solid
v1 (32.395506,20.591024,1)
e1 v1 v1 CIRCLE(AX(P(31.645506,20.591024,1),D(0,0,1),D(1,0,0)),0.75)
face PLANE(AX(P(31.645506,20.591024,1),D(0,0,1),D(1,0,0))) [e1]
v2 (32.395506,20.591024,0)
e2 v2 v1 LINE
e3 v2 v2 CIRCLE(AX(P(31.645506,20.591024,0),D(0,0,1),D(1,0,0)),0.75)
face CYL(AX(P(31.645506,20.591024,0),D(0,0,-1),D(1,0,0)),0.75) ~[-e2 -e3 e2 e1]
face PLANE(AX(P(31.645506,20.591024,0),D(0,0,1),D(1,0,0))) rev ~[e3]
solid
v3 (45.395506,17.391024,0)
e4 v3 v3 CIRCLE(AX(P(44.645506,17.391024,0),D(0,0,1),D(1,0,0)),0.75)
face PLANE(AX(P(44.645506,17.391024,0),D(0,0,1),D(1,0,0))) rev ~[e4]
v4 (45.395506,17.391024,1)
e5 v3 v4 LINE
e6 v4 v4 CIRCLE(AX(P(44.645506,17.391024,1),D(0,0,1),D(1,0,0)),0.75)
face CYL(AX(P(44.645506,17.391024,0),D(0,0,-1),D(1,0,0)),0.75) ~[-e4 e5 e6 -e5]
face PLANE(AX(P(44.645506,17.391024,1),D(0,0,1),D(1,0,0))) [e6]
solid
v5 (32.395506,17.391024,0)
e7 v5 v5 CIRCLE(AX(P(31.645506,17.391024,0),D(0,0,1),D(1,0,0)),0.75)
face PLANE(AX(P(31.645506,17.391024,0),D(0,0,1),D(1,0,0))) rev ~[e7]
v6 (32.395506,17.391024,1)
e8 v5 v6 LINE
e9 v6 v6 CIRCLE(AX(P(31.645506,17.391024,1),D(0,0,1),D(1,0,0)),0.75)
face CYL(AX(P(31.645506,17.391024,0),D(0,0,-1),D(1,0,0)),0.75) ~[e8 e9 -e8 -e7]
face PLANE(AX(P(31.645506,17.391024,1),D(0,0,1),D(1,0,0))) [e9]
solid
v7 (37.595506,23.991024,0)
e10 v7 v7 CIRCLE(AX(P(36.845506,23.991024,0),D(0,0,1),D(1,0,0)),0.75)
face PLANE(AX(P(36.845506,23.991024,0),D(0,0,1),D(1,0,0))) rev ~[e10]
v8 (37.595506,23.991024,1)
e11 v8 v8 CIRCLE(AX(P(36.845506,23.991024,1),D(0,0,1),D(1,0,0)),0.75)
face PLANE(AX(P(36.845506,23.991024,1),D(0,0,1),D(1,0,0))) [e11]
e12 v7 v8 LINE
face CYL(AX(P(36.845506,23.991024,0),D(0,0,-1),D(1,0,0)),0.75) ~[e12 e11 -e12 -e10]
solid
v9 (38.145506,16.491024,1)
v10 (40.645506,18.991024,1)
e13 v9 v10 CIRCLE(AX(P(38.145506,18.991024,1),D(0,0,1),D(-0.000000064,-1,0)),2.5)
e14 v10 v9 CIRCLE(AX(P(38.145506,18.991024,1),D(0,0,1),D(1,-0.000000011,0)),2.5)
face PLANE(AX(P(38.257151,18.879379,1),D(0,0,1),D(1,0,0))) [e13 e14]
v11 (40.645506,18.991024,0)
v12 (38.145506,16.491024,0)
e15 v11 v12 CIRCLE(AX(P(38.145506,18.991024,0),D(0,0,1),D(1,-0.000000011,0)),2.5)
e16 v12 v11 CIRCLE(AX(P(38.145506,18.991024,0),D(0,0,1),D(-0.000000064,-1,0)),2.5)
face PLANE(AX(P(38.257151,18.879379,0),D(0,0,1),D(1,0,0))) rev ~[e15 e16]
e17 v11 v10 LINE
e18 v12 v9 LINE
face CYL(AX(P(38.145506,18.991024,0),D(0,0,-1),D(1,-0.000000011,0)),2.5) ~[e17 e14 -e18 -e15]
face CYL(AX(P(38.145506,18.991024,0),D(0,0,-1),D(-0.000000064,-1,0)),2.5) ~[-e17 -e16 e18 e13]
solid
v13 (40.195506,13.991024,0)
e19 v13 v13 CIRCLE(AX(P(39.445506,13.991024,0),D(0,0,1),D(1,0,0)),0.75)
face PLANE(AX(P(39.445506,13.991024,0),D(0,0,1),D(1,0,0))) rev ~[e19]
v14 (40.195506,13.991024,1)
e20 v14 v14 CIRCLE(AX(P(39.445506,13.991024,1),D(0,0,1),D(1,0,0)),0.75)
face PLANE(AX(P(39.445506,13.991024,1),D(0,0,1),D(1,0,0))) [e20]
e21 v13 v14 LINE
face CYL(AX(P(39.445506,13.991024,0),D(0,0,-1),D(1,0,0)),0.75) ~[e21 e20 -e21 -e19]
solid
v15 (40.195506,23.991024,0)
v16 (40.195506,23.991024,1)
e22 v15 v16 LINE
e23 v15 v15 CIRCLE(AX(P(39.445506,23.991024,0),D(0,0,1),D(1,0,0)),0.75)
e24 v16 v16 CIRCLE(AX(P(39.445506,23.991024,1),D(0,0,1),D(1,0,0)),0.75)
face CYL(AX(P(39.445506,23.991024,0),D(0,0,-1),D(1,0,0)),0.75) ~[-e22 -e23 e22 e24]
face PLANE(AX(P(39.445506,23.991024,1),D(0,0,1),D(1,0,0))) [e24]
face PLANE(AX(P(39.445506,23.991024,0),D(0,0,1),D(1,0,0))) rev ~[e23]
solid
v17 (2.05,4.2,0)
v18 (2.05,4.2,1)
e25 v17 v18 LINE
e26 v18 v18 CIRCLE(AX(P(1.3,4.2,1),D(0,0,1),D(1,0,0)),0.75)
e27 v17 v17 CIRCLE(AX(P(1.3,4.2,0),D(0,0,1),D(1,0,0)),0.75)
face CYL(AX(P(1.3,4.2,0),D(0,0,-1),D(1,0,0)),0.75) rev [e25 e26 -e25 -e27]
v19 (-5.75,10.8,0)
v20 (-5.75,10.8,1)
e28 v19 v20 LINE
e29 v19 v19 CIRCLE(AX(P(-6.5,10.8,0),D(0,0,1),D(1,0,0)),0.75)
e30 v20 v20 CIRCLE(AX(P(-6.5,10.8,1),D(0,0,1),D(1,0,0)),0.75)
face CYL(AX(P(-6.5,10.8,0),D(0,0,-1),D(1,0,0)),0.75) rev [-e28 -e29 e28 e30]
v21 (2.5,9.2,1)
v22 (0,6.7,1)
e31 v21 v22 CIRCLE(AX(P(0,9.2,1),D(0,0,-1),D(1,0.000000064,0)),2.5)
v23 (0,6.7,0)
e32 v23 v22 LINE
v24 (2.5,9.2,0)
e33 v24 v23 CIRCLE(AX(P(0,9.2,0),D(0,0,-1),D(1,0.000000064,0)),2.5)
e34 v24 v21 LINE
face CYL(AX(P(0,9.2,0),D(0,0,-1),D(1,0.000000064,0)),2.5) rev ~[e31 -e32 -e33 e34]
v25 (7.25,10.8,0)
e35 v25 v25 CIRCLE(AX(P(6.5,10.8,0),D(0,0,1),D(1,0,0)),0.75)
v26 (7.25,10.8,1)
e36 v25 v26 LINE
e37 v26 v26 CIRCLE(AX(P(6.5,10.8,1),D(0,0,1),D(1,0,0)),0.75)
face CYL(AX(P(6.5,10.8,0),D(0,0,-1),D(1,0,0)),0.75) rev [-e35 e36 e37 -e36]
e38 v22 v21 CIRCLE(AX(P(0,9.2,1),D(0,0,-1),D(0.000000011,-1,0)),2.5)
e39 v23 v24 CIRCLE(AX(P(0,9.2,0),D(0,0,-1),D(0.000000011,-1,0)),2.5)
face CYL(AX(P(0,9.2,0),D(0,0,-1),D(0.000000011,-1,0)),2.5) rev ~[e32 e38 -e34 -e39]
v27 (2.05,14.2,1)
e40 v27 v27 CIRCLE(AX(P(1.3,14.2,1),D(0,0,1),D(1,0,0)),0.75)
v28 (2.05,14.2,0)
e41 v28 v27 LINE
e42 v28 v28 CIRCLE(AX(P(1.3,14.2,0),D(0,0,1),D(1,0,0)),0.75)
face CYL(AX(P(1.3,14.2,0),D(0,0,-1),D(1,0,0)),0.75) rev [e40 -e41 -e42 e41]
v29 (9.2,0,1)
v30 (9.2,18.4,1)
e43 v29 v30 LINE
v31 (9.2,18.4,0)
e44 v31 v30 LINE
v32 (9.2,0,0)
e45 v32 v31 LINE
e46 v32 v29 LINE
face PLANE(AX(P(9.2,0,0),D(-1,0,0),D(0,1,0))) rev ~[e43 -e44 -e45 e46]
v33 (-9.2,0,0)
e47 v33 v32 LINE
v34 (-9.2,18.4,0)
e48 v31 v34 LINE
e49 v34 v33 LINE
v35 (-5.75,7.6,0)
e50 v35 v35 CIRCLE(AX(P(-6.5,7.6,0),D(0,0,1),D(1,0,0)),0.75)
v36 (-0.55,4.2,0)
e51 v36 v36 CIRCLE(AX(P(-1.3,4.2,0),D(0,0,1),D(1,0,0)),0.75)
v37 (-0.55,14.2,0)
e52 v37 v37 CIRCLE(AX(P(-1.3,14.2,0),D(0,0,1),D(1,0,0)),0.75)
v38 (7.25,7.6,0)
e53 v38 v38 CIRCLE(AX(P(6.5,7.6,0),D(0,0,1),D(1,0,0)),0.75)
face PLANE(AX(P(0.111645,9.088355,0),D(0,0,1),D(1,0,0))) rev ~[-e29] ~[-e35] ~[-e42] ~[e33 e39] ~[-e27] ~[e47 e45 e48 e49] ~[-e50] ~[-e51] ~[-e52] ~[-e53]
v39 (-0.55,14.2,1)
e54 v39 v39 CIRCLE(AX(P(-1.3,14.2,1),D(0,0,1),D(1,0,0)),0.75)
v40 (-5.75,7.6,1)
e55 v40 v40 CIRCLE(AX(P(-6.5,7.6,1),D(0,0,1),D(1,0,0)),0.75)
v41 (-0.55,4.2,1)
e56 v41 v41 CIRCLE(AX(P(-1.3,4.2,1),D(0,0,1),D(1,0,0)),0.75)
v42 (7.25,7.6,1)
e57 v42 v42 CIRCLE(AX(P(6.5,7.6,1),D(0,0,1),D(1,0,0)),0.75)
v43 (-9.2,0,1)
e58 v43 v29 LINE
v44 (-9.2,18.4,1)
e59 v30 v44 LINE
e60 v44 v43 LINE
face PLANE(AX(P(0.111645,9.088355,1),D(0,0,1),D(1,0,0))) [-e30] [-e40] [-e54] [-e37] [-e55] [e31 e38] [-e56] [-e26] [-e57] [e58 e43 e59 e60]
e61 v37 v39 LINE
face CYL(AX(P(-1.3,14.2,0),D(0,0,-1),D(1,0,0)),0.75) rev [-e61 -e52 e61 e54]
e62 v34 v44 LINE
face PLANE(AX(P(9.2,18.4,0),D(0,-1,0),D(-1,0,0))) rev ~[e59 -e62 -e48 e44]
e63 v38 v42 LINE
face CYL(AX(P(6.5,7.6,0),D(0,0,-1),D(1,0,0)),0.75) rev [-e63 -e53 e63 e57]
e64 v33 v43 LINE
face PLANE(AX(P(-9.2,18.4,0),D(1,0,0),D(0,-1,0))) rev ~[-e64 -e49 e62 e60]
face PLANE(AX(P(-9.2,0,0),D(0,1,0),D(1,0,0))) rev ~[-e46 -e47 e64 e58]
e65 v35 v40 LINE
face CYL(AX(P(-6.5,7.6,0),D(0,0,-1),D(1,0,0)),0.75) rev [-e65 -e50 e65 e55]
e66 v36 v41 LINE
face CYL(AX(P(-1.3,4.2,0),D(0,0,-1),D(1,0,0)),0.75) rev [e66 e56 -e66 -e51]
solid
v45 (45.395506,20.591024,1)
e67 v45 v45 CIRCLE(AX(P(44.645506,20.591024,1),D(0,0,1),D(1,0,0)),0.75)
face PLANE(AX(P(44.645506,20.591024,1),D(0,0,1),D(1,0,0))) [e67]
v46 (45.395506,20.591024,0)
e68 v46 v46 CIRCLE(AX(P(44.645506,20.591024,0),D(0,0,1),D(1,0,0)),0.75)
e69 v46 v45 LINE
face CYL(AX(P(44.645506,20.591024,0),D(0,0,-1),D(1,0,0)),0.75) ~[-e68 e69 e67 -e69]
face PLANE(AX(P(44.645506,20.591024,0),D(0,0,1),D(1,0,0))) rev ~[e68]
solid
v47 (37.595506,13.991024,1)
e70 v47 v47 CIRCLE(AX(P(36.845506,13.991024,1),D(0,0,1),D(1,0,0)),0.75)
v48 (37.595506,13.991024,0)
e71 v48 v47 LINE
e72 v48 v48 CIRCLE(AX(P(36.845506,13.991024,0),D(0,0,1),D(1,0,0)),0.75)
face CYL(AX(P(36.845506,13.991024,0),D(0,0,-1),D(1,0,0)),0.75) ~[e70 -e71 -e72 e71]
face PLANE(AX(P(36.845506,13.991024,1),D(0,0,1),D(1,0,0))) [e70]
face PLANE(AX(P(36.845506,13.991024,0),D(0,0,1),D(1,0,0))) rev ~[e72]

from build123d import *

# Parameters (mm, degrees)
F0_R     = 0.75
F1_DEPTH = 1


with BuildPart() as f1:
    # F0 (on Top) → F1 (new body)
    with BuildSketch(Plane.XY):
        with BuildLine():
            ThreePointArc((0, 6.7), (1.767767, 7.432233), (2.5, 9.2))
            ThreePointArc((2.5, 9.2), (-1.767767, 10.967767), (0, 6.7))
        make_face()
        Polygon((-9.2, 0), (0, 0), (9.2, 0), (9.2, 18.4), (0, 18.4), (-9.2, 18.4), align=None)
        with Locations((-1.3, 4.2)):
            Circle(F0_R, mode=Mode.SUBTRACT)
        with Locations((1.3, 4.2)):
            Circle(F0_R, mode=Mode.SUBTRACT)
        with Locations((-6.5, 7.6)):
            Circle(F0_R, mode=Mode.SUBTRACT)
        with BuildLine():
            ThreePointArc((0, 6.7), (-1.767767, 10.967767), (2.5, 9.2))
            ThreePointArc((2.5, 9.2), (1.767767, 7.432233), (0, 6.7))
        make_face(mode=Mode.SUBTRACT)
        with Locations((-6.5, 10.8)):
            Circle(F0_R, mode=Mode.SUBTRACT)
        with Locations((6.5, 7.6)):
            Circle(F0_R, mode=Mode.SUBTRACT)
        with Locations((6.5, 10.8)):
            Circle(F0_R, mode=Mode.SUBTRACT)
        with Locations((-1.3, 14.2)):
            Circle(F0_R, mode=Mode.SUBTRACT)
        with Locations((1.3, 14.2)):
            Circle(F0_R, mode=Mode.SUBTRACT)
        with Locations((36.845506, 13.991024)):
            Circle(F0_R)
        with Locations((36.845506, 23.991024)):
            Circle(F0_R)
        with Locations((39.445506, 23.991024)):
            Circle(F0_R)
        with Locations((39.445506, 13.991024)):
            Circle(F0_R)
        with Locations((44.645506, 17.391024)):
            Circle(F0_R)
        with Locations((44.645506, 20.591024)):
            Circle(F0_R)
        with Locations((31.645506, 20.591024)):
            Circle(F0_R)
        with Locations((31.645506, 17.391024)):
            Circle(F0_R)
        with BuildLine():
            ThreePointArc((38.145506, 16.491024), (39.913273, 17.223257), (40.645506, 18.991024))
            ThreePointArc((40.645506, 18.991024), (36.377739, 20.758791), (38.145506, 16.491024))
        make_face()
    extrude(amount=F1_DEPTH)


solid = f1.part
